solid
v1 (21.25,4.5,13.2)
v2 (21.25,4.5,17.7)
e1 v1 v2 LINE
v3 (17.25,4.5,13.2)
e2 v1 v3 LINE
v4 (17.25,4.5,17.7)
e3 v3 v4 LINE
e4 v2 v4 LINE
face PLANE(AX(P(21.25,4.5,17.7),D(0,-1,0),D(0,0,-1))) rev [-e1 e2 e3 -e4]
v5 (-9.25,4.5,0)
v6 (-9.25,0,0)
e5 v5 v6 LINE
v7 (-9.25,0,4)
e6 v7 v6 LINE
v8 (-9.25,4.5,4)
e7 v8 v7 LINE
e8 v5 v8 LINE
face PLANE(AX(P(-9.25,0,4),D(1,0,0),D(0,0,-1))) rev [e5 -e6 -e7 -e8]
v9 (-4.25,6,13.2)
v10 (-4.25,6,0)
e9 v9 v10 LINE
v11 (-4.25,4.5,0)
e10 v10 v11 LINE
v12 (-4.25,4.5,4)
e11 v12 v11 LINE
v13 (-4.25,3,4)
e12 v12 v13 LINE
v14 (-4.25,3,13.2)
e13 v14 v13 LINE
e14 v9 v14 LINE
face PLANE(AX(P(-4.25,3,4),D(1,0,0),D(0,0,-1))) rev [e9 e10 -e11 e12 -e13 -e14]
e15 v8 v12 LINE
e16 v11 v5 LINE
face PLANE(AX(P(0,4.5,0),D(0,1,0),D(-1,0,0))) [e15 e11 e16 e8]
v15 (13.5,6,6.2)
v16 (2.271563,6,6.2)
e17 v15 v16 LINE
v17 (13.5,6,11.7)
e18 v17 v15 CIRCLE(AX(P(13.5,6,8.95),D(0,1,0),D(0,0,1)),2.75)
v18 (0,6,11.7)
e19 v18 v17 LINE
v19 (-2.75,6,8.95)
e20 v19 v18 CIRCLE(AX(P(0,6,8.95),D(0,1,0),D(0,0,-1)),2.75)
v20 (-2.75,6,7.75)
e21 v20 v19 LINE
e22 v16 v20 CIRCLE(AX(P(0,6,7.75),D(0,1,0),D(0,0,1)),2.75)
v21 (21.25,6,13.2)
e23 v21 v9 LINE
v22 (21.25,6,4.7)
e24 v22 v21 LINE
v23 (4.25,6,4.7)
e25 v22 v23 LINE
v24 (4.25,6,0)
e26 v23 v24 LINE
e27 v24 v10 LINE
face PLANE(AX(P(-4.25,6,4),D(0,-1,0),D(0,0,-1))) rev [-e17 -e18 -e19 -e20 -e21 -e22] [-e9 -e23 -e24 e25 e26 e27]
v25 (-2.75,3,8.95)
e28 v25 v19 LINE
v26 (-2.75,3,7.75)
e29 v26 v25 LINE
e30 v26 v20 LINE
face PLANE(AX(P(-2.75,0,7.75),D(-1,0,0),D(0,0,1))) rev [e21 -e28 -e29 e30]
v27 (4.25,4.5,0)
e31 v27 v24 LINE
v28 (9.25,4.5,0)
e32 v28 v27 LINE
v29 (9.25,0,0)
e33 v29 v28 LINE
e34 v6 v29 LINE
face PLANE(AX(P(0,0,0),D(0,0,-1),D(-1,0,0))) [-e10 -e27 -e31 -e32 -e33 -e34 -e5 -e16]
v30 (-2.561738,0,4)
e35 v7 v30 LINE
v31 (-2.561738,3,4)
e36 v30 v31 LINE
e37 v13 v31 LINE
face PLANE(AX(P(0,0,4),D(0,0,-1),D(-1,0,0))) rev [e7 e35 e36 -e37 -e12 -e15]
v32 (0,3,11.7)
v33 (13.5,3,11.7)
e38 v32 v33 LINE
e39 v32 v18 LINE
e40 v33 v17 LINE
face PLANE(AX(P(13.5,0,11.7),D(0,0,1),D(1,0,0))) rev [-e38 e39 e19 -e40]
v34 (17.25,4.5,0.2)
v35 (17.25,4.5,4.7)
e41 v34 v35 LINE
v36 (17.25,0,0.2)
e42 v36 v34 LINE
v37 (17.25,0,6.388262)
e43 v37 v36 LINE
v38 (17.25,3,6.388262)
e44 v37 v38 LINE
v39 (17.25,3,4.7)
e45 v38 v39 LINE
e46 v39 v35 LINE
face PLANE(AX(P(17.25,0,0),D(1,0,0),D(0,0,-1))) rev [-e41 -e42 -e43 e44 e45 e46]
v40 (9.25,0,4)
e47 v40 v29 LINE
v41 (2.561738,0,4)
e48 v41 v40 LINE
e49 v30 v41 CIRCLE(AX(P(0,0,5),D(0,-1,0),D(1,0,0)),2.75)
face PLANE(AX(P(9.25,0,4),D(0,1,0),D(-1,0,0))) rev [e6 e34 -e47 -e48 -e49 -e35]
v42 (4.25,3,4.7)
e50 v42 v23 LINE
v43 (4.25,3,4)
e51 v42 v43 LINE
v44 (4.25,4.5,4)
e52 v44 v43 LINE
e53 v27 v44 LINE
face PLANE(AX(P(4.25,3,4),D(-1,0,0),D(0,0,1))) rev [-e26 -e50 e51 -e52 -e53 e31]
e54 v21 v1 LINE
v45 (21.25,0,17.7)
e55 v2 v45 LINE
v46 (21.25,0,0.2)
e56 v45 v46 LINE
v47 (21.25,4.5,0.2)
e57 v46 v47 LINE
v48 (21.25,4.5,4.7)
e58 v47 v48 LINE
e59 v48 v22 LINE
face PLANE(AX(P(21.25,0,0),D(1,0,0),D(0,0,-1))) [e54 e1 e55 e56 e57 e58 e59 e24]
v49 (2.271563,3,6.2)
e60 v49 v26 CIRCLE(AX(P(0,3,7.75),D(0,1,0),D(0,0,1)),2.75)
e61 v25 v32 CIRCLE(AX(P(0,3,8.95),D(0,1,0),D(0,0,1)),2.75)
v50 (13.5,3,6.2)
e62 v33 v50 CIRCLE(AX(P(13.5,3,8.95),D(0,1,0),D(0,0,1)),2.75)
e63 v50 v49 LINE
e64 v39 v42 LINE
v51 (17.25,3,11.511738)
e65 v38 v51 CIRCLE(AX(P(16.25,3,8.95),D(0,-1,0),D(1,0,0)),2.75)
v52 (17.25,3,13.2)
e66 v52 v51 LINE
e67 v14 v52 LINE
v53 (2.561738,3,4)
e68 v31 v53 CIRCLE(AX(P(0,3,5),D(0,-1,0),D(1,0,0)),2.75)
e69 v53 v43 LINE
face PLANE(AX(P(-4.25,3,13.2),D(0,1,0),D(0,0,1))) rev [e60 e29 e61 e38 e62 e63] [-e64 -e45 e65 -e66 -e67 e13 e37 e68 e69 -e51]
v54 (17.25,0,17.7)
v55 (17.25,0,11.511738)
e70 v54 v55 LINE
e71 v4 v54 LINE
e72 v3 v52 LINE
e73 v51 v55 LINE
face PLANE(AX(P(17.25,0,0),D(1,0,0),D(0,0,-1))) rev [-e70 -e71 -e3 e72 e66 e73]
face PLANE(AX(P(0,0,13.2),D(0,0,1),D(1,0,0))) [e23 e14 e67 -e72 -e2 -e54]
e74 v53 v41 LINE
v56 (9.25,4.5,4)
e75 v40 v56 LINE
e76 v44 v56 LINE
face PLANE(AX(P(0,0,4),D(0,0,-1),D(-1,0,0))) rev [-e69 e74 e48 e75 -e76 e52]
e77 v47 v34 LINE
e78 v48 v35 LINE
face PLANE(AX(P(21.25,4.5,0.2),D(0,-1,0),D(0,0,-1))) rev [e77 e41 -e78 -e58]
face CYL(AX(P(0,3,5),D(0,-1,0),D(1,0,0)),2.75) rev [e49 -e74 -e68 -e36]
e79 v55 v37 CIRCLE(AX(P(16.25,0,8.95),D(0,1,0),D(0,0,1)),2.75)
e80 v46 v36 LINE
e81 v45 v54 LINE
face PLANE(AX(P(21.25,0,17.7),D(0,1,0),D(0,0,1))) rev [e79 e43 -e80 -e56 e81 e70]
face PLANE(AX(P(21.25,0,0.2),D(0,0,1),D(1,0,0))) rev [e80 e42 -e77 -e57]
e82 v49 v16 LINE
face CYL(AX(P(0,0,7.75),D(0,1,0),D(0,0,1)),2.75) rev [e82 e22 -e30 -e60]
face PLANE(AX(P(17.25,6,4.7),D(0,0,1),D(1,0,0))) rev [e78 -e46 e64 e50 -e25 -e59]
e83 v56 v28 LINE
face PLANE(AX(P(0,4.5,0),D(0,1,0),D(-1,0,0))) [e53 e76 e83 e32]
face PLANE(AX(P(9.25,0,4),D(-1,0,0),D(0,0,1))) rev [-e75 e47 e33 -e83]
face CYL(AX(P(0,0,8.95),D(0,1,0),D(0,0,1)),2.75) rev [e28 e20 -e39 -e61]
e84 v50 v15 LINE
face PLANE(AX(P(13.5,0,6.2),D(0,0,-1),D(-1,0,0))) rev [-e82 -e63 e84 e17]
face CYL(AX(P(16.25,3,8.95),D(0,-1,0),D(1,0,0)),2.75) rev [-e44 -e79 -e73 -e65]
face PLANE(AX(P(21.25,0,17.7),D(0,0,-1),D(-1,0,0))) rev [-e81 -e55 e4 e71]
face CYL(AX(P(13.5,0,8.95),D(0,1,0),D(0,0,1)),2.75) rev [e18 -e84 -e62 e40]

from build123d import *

# Parameters (mm, degrees)
RESSALTO_EXTRUS_O1_DEPTH = 4
ESBO_O3_W                = 8.5
ESBO_O3_H                = 3
RESSALTO_EXTRUS_O2_DEPTH = 9.2
ESBO_O4_W                = 8.5
ESBO_O4_H                = 3
RESSALTO_EXTRUS_O3_DEPTH = 13
RESSALTO_EXTRUS_O6_DEPTH = 4
CORTE_EXTRUS_O3_DEPTH    = 7
ESBO_O9_W                = 5
ESBO_O9_H                = 4
RESSALTO_EXTRUS_O7_DEPTH = 1.5
ESBO_O10_R               = 2.75
CORTE_EXTRUS_O4_DEPTH    = 3


with BuildPart() as part:
    # Esboço1 → Ressalto-extrusão1 (new body)
    with BuildSketch(Plane.XY):
        Polygon((9.25, 0), (-9.25, 0), (-9.25, 3), (-4.25, 3), (-4.25, 6), (4.25, 6), (4.25, 3), (9.25, 3), align=None)
    extrude(amount=RESSALTO_EXTRUS_O1_DEPTH)

    # Esboço3 → Ressalto-extrusão2 (add)
    with BuildSketch(Plane.XY.offset(4)):
        with Locations((0, 4.5)):
            Rectangle(ESBO_O3_W, ESBO_O3_H)
    extrude(amount=RESSALTO_EXTRUS_O2_DEPTH)

    # Esboço4 → Ressalto-extrusão3 (add)
    with BuildSketch(Plane(origin=(4.25, 0, 0), x_dir=(0, 0, -1), z_dir=(1, 0, 0))):
        with Locations((-8.95, 4.5)):
            Rectangle(ESBO_O4_W, ESBO_O4_H)
    extrude(amount=RESSALTO_EXTRUS_O3_DEPTH)

    # Esboço5 → Ressalto-extrusão6 (add)
    with BuildSketch(Plane(origin=(17.25, 0, 0), x_dir=(0, 0, -1), z_dir=(1, 0, 0))):
        Polygon((-17.7, 0), (-17.7, 4.5), (-13.2, 4.5), (-13.2, 6), (-4.7, 6), (-4.7, 4.5), (-0.2, 4.5), (-0.2, 0), align=None)
    extrude(amount=RESSALTO_EXTRUS_O6_DEPTH)

    # Esboço8 → Corte-extrusão3 (cut, through all)
    with BuildSketch(Plane(origin=(0, 6, 0), x_dir=(1, 0, 0), z_dir=(0, 1, 0))):
        with BuildLine():
            Line((13.5, -6.2), (2.271563338, -6.2))
            ThreePointArc((2.271563338, -6.2), (-0.81107978, -5.122330007), (-2.75, -7.75))
            Line((-2.75, -7.75), (-2.75, -8.95))
            ThreePointArc((-2.75, -8.95), (-1.944543648, -10.894543648), (0, -11.7))
            Line((0, -11.7), (13.5, -11.7))
            ThreePointArc((13.5, -11.7), (16.25, -8.95), (13.5, -6.2))
        make_face()
    extrude(amount=-CORTE_EXTRUS_O3_DEPTH, mode=Mode.SUBTRACT)

    # Esboço9 → Ressalto-extrusão7 (add)
    with BuildSketch(Plane(origin=(0, 3, 0), x_dir=(1, 0, 0), z_dir=(0, 1, 0))):
        with Locations((-6.75, -2)):
            Rectangle(ESBO_O9_W, ESBO_O9_H)
        with Locations((6.75, -2)):
            Rectangle(ESBO_O9_W, ESBO_O9_H)
    extrude(amount=RESSALTO_EXTRUS_O7_DEPTH)

    # Esboço10 → Corte-extrusão4 (cut)
    with BuildSketch(Plane.XZ):
        with Locations((0, 5)):
            Circle(ESBO_O10_R)
        with Locations((16.25, 8.95)):
            Circle(ESBO_O10_R)
    extrude(amount=-CORTE_EXTRUS_O4_DEPTH, mode=Mode.SUBTRACT)


solid = part.part
